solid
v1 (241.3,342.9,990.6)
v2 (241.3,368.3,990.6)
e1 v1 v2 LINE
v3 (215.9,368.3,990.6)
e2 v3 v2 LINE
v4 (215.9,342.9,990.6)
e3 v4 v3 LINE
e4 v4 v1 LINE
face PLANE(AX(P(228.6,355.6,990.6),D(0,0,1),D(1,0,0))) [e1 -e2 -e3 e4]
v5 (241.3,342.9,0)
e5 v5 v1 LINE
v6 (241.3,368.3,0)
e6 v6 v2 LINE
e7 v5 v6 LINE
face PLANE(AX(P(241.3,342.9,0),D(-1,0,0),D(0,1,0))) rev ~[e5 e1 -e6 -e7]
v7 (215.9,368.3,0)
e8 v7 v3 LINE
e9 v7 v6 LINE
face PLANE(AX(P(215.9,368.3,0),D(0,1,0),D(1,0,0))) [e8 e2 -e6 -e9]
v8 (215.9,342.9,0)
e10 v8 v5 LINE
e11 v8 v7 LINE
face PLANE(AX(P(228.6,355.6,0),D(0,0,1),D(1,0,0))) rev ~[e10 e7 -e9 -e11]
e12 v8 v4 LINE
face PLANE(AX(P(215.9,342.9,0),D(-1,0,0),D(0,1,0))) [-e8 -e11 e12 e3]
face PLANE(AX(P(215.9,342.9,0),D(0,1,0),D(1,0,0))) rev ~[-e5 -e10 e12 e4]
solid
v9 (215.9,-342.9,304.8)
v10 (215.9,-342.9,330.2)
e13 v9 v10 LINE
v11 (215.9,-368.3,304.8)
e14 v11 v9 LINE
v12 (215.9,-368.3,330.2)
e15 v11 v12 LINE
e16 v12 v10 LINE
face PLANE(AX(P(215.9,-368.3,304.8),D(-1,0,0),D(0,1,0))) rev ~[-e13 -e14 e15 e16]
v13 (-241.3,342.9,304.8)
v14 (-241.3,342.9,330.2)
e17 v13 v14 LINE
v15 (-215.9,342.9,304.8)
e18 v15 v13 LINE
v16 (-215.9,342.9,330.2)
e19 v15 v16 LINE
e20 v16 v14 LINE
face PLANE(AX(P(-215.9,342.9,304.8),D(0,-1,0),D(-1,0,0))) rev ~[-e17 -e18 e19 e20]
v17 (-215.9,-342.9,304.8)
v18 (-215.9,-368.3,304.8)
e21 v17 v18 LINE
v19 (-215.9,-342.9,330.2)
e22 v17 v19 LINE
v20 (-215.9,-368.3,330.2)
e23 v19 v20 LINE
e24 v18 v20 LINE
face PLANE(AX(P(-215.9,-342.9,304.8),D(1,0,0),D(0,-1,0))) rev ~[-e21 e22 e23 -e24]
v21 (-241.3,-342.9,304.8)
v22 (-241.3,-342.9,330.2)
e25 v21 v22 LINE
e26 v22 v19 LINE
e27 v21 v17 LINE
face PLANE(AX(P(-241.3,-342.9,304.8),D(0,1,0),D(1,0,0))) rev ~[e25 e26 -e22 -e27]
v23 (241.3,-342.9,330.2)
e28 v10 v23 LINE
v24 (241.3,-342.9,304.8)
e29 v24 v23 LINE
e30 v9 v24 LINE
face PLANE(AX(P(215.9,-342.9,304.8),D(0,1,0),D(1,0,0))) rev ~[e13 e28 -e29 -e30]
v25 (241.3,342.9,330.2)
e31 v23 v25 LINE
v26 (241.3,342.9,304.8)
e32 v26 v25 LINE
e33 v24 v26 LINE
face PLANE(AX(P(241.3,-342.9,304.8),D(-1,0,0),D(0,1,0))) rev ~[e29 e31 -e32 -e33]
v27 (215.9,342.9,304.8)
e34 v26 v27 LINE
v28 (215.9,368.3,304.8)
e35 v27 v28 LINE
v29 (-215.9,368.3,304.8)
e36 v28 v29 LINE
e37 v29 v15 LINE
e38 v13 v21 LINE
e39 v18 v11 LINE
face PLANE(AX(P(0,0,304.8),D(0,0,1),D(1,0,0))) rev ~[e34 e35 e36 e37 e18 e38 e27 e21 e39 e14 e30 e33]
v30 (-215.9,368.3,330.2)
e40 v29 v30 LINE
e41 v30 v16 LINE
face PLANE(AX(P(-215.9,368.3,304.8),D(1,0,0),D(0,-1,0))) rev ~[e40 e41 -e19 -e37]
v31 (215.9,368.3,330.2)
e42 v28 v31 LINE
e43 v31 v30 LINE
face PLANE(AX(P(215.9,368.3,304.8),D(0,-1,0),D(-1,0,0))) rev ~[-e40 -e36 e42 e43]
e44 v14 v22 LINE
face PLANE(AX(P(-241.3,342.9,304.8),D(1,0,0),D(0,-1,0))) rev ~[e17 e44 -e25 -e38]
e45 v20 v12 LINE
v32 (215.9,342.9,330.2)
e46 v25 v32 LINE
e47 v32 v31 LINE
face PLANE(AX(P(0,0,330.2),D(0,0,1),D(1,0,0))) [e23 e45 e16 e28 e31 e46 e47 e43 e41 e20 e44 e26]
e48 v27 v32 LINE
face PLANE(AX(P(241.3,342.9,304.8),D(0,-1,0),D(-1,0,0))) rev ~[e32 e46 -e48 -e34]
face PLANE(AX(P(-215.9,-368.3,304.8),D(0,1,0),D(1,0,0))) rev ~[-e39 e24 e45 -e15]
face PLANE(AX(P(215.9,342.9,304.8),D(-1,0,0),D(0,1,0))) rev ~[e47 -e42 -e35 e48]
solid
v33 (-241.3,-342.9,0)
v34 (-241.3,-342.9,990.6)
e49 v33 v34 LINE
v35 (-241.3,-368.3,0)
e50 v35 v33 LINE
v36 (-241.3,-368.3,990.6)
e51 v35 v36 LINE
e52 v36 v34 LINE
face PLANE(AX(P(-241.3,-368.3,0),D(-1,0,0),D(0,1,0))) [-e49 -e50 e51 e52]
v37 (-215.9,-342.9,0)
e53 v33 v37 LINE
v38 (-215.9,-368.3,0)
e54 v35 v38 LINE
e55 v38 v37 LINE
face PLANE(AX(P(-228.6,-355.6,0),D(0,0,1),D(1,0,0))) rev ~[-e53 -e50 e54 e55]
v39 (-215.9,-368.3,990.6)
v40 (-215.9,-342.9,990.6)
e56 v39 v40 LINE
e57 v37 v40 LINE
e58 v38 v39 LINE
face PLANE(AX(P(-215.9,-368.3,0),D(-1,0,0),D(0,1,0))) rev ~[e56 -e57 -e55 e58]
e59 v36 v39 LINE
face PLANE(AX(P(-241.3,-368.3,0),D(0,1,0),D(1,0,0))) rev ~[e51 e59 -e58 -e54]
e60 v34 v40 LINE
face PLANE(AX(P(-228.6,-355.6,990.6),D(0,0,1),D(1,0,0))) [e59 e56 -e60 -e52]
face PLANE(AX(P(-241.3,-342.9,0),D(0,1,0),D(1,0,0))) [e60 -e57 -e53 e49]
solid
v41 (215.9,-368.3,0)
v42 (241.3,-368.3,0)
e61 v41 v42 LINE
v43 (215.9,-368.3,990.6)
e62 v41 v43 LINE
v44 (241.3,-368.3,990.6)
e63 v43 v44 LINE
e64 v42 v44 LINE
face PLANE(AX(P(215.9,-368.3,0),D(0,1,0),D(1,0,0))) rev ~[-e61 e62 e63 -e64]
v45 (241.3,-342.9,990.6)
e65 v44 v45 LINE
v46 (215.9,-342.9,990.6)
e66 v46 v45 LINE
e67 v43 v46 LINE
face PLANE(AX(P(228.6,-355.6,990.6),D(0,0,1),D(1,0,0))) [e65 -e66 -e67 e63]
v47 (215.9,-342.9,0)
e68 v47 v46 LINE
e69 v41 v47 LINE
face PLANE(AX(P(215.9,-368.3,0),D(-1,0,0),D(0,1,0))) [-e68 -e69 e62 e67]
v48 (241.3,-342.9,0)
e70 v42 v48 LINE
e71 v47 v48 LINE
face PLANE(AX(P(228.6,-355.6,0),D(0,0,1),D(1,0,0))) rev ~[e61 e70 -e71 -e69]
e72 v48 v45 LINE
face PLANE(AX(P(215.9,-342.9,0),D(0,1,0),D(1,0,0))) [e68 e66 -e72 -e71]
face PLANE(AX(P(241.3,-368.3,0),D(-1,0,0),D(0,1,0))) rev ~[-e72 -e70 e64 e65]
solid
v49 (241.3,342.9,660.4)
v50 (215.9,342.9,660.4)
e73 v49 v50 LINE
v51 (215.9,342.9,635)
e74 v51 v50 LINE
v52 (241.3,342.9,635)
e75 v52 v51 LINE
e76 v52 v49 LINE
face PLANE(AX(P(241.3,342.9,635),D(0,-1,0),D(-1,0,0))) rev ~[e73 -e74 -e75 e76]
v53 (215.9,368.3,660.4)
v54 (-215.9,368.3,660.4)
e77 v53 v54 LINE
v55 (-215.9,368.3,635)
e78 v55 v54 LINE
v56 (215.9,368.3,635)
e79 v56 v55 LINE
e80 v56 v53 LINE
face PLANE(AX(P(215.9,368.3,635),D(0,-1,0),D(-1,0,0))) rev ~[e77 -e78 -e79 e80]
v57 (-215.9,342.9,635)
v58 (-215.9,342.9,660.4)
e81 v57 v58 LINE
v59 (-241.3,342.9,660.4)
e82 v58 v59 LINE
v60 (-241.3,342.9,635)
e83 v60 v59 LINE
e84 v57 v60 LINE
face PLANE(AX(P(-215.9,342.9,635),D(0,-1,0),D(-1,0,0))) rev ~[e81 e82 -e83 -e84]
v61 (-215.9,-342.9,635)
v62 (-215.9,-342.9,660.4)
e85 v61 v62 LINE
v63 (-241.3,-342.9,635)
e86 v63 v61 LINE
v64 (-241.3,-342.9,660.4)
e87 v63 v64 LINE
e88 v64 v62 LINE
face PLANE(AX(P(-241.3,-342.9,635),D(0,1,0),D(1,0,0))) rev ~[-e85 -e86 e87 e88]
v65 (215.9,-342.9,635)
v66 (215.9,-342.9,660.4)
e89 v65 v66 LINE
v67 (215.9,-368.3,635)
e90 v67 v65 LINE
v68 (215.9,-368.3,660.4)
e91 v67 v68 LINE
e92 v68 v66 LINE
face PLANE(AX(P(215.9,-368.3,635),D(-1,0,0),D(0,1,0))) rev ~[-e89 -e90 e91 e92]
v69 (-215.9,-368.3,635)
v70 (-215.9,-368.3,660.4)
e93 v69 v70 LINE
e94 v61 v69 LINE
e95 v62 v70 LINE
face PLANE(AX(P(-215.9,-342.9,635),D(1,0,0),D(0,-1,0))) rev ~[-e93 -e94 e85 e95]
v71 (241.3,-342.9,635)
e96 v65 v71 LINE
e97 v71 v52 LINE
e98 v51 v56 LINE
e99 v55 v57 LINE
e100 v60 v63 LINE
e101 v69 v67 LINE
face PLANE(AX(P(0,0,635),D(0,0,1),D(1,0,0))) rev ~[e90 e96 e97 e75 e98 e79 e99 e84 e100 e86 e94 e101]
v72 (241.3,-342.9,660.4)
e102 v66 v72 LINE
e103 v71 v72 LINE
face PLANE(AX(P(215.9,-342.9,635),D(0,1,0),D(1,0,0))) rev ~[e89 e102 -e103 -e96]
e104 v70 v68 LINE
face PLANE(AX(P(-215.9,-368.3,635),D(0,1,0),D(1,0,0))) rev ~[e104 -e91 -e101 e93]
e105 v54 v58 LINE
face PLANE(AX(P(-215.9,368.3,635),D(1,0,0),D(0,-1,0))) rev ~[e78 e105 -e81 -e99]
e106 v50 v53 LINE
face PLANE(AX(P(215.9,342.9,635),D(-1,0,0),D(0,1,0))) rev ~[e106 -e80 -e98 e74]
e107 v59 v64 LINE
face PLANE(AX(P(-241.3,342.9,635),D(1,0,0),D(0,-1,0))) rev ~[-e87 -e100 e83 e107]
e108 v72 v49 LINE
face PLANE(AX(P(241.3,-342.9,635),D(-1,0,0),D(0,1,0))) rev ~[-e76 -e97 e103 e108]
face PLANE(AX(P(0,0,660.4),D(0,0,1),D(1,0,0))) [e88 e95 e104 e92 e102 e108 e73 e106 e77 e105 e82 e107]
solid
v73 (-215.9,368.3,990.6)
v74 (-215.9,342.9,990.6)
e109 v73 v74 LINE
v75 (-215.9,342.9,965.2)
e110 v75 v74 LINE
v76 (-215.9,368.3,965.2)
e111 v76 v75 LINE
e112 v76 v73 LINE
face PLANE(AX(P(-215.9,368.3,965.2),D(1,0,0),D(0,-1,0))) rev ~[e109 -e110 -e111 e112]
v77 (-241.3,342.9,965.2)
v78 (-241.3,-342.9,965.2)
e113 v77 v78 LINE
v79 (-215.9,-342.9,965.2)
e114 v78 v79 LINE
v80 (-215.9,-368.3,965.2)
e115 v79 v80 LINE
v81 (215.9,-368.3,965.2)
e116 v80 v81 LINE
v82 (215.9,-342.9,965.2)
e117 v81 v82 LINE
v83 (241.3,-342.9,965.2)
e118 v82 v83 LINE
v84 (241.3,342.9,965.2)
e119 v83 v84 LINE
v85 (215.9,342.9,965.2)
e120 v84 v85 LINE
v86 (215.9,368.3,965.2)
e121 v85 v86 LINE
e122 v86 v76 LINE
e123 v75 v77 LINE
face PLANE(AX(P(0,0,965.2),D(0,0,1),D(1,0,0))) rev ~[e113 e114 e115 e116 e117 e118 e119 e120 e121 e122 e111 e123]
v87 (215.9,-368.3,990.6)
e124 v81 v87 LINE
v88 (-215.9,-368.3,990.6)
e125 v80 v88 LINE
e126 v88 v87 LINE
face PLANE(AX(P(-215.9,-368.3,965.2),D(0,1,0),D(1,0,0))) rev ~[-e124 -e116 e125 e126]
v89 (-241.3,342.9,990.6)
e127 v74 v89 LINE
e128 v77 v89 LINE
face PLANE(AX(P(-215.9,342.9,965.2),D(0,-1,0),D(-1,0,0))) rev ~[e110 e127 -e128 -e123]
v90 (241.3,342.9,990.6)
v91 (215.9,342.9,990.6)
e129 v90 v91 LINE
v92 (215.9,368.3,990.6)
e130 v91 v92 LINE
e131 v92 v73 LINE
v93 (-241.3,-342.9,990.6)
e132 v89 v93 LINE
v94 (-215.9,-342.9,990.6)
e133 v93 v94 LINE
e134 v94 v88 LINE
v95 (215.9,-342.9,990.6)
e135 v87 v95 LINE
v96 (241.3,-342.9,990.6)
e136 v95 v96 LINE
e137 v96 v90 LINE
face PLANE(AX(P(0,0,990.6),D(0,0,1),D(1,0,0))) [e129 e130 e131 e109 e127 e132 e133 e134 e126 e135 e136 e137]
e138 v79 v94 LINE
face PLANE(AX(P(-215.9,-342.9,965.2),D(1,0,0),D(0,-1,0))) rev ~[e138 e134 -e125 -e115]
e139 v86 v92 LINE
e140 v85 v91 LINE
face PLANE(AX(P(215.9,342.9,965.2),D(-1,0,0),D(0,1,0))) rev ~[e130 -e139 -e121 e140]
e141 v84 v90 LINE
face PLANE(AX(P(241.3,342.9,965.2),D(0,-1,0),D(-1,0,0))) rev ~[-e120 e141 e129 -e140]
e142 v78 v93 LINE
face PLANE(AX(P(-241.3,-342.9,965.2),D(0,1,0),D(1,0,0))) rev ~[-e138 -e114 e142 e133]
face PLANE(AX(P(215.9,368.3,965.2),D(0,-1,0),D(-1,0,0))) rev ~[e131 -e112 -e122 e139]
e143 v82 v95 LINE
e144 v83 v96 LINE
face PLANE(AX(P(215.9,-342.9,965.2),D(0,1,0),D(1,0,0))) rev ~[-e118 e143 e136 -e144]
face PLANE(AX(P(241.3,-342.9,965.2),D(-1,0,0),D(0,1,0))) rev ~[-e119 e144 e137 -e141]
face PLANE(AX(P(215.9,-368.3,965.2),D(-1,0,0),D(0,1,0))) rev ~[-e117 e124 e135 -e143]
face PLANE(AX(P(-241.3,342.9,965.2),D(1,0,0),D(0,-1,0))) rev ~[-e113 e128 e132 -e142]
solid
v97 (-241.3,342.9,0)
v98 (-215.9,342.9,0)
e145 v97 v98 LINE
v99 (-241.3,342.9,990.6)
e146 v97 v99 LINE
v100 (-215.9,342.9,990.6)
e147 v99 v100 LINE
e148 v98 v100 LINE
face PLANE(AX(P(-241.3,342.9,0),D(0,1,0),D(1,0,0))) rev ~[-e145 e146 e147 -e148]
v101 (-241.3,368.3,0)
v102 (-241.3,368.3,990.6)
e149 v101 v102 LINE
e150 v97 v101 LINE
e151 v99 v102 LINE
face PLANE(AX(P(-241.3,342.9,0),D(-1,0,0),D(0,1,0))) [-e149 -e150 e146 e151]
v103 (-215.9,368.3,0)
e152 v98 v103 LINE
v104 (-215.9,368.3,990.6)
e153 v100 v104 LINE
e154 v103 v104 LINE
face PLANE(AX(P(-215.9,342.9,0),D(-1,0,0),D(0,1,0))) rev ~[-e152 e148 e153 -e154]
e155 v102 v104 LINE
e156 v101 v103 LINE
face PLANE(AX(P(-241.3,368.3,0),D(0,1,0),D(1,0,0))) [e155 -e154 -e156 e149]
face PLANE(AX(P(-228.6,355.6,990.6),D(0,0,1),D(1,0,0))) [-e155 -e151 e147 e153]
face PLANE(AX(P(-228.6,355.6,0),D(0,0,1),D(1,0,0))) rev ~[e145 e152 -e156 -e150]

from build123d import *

# Parameters (mm, degrees)
F0_W      = 25.4
F0_H      = 25.4
F1_DEPTH  = 990.6
F4_DEPTH  = 25.4
F7_DEPTH  = 25.4
F10_DEPTH = 25.4


with BuildPart() as f1:
    # F0 (on Top) → F1 (new body)
    with BuildSketch(Plane.XY):
        with Locations((-228.6, 355.6)):
            Rectangle(F0_W, F0_H)
    extrude(amount=F1_DEPTH)


with BuildPart() as f1b:
    # F0 (on Top) → F1, piece 2 (new body)
    with BuildSketch(Plane.XY):
        with Locations((228.6, 355.6)):
            Rectangle(F0_W, F0_H)
    extrude(amount=F1_DEPTH)


with BuildPart() as f1c:
    # F0 (on Top) → F1, piece 3 (new body)
    with BuildSketch(Plane.XY):
        with Locations((-228.6, -355.6)):
            Rectangle(F0_W, F0_H)
    extrude(amount=F1_DEPTH)


with BuildPart() as f1d:
    # F0 (on Top) → F1, piece 4 (new body)
    with BuildSketch(Plane.XY):
        with Locations((228.6, -355.6)):
            Rectangle(F0_W, F0_H)
    extrude(amount=F1_DEPTH)


with BuildPart() as f4:
    # F3 (on offset) → F4 (new body)
    with BuildSketch(Plane.XY.offset(304.8)):
        Polygon((215.9, -342.9), (241.3, -342.9), (241.3, 342.9), (215.9, 342.9), (215.9, 368.3), (-215.9, 368.3), (-215.9, 342.9), (-241.3, 342.9), (-241.3, -342.9), (-215.9, -342.9), (-215.9, -368.3), (215.9, -368.3), align=None)
    extrude(amount=F4_DEPTH)


with BuildPart() as f7:
    # F6 (on offset) → F7 (new body)
    with BuildSketch(Plane.XY.offset(635)):
        Polygon((-215.9, -368.3), (215.9, -368.3), (215.9, -342.9), (241.3, -342.9), (241.3, 342.9), (215.9, 342.9), (215.9, 368.3), (-215.9, 368.3), (-215.9, 342.9), (-241.3, 342.9), (-241.3, -342.9), (-215.9, -342.9), align=None)
    extrude(amount=F7_DEPTH)


with BuildPart() as f10:
    # F9 (on offset) → F10 (new body)
    with BuildSketch(Plane.XY.offset(965.2)):
        Polygon((-241.3, -342.9), (-215.9, -342.9), (-215.9, -368.3), (215.9, -368.3), (215.9, -342.9), (241.3, -342.9), (241.3, 342.9), (215.9, 342.9), (215.9, 368.3), (-215.9, 368.3), (-215.9, 342.9), (-241.3, 342.9), align=None)
    extrude(amount=F10_DEPTH)


solid = Compound([f1.part, f1b.part, f1c.part, f1d.part, f4.part, f7.part, f10.part])
